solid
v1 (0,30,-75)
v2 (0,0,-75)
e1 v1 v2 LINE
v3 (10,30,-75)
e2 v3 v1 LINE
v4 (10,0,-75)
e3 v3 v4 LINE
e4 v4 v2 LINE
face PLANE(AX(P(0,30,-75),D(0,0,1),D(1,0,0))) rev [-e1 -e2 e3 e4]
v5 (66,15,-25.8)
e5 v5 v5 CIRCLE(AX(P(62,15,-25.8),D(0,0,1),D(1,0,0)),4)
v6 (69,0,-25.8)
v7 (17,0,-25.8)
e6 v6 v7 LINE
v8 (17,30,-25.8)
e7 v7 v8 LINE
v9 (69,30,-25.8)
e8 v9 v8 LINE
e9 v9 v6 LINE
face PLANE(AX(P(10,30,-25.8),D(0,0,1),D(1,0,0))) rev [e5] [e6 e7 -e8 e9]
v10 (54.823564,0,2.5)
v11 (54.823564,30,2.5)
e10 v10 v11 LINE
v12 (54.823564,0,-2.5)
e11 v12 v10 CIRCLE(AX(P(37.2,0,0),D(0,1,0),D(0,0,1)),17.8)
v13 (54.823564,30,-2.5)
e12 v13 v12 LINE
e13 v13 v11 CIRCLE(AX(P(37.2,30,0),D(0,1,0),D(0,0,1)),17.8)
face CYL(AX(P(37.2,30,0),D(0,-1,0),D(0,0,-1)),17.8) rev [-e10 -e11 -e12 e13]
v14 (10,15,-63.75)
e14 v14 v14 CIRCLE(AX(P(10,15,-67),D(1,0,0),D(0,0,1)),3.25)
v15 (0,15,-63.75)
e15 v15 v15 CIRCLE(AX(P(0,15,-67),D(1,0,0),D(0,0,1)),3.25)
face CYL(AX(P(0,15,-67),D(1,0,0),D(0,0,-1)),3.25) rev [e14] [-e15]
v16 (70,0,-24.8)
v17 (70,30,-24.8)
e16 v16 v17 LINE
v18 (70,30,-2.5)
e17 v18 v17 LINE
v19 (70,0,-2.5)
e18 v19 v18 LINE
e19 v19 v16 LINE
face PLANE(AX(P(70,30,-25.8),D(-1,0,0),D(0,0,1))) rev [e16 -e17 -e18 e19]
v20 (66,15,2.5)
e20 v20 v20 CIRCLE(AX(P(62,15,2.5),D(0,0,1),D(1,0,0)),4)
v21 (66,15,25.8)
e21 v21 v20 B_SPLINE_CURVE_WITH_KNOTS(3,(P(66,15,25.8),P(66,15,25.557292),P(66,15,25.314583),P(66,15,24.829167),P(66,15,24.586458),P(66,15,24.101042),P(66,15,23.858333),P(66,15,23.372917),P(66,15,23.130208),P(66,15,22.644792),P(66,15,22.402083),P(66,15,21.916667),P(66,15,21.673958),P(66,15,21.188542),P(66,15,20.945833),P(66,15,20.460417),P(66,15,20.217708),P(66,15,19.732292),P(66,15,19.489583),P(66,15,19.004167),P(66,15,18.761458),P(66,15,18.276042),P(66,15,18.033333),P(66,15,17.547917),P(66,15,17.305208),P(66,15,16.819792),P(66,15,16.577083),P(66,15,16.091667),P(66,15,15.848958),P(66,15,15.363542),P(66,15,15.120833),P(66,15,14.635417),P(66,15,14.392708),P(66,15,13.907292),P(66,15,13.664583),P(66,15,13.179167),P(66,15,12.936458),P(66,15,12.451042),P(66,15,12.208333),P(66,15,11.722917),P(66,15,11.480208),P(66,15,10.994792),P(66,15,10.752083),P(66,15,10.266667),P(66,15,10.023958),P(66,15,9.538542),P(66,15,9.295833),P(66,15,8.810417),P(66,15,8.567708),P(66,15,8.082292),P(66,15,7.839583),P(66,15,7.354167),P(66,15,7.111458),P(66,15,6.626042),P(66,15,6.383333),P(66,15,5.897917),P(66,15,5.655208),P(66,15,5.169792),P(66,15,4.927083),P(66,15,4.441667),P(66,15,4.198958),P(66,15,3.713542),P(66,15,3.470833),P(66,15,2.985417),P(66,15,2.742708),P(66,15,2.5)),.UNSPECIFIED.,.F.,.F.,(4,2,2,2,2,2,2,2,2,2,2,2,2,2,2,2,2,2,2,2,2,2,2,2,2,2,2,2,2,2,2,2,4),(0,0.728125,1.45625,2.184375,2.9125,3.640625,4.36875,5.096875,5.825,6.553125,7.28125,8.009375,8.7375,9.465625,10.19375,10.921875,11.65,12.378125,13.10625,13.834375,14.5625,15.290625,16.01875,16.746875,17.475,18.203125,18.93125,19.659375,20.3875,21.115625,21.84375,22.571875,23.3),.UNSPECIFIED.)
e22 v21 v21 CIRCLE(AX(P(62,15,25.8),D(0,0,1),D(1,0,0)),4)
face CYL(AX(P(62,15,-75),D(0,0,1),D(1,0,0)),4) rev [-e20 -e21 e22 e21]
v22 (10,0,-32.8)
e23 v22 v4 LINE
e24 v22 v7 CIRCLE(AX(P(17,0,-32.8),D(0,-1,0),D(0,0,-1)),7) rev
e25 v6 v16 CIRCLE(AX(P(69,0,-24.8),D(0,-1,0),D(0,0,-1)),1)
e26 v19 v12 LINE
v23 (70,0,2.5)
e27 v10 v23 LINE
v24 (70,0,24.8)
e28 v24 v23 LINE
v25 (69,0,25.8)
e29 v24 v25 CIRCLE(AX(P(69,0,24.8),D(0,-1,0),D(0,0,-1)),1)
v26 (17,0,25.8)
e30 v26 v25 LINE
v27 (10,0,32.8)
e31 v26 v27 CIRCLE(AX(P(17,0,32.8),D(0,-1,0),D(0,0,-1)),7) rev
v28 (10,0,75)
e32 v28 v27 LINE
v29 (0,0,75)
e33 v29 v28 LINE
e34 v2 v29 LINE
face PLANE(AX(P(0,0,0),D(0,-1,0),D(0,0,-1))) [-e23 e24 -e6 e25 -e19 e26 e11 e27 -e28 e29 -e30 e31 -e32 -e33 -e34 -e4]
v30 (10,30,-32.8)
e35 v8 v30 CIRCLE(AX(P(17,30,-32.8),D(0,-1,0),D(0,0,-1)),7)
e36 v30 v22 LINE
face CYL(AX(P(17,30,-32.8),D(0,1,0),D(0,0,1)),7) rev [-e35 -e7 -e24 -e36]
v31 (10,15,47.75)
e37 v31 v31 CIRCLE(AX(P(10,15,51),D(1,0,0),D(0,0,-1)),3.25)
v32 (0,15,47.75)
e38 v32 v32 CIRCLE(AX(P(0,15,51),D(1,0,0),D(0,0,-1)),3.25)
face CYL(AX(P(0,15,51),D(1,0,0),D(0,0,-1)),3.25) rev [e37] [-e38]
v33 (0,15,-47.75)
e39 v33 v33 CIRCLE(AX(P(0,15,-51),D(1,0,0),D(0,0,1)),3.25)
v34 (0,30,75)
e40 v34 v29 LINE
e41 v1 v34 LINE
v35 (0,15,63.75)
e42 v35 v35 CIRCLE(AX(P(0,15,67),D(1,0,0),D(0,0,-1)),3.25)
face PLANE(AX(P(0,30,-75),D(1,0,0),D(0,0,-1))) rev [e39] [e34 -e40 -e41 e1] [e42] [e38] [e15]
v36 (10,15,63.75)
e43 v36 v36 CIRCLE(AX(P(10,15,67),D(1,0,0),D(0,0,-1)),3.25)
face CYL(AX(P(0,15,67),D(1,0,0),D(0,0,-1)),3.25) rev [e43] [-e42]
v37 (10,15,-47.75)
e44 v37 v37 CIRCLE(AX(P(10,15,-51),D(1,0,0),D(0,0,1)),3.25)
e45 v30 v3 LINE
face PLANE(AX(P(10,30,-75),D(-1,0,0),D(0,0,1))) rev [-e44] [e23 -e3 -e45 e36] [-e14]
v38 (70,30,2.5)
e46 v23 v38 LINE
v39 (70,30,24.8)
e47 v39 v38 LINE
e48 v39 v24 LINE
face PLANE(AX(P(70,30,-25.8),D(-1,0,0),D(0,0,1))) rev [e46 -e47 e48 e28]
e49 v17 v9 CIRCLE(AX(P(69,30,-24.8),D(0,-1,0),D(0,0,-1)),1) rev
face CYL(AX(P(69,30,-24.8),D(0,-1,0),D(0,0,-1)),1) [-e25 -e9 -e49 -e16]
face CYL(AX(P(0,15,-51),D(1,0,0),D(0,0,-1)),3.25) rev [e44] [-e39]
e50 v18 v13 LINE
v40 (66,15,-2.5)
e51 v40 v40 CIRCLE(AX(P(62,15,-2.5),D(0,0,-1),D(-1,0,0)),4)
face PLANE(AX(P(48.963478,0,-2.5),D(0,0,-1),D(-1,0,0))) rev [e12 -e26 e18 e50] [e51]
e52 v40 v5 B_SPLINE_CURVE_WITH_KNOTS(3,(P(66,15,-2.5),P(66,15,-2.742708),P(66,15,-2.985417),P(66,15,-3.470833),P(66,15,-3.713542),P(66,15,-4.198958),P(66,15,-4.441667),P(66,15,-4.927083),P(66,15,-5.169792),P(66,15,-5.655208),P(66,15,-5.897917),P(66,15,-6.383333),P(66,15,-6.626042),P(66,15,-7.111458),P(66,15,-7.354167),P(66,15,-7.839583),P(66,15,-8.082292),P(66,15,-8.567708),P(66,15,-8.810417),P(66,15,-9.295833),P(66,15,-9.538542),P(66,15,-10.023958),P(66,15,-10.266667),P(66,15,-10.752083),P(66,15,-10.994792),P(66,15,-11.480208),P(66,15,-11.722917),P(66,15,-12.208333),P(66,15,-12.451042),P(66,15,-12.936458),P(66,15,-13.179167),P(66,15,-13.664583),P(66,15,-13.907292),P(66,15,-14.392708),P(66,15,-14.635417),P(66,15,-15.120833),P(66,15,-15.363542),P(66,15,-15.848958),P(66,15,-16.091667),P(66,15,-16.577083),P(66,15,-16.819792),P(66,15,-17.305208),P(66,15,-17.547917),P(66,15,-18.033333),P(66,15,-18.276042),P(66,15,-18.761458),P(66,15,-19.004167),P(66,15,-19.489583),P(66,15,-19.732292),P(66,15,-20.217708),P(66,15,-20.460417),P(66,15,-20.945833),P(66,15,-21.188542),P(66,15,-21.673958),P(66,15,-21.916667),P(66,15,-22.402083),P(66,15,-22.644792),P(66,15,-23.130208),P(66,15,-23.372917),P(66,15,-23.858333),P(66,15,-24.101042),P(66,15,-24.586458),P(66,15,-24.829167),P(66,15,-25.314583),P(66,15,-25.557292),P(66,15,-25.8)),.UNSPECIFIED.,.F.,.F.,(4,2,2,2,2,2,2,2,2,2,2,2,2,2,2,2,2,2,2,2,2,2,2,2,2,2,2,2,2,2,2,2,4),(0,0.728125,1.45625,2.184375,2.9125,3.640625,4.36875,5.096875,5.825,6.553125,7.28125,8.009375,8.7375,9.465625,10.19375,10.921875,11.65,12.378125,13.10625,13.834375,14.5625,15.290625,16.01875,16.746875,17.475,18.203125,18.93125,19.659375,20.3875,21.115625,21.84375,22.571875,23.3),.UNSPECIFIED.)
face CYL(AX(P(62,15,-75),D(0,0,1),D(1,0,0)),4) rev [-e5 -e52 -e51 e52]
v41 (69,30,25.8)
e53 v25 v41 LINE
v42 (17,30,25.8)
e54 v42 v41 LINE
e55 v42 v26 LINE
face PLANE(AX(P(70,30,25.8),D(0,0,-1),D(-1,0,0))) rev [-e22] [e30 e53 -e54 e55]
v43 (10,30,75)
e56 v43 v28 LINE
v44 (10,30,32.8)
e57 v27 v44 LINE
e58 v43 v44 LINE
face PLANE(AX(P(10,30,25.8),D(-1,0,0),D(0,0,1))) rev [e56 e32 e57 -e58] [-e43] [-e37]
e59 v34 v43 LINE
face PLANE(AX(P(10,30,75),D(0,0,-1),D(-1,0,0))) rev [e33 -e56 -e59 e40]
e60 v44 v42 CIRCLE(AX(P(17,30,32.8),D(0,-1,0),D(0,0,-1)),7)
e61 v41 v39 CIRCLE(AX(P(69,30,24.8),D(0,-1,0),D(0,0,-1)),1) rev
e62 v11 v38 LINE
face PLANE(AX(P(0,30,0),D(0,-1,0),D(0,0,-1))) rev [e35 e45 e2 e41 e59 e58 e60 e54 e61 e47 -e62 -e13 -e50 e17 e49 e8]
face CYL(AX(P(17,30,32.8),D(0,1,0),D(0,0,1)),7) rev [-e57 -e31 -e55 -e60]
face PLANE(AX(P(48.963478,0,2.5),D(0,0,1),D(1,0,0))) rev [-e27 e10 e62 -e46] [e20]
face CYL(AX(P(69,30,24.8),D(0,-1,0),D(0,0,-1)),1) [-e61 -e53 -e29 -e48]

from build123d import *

# Parameters (mm, degrees)
SKETCH4_R                        = 17.8
BOSS_EXTRUDE2_DEPTH              = 30
SKETCH6_W                        = 21.036522063
SKETCH6_H                        = 5
CUT_EXTRUDE3_DEPTH               = 107.887791632
SKETCH7_R                        = 4
KIRISTYSRUUVI_M8_DEPTH           = 127.335426544
SKETCH9_R                        = 3.25
PROFIILN_KIINNITYSREI_T_M6_DEPTH = 101.623058987
FILLET1_R                        = 7
FILLET2_R                        = 1


with BuildPart() as part:
    # Sketch4 → Boss-Extrude2 (new body)
    with BuildSketch(Plane(origin=(0, 0, 0), x_dir=(1, 0, 0), z_dir=(0, 1, 0))):
        Polygon((0, 75), (10, 75), (10, 25.8), (70, 25.8), (70, -25.8), (10, -25.8), (10, -75), (0, -75), align=None)
        with Locations(Location((37.2, 0, 0), (0, 0, 270))):
            Circle(SKETCH4_R, mode=Mode.SUBTRACT)
    extrude(amount=BOSS_EXTRUDE2_DEPTH)

    # Sketch6 → Cut-Extrude3 (cut, through all)
    with BuildSketch(Plane(origin=(0, 30, 0), x_dir=(1, 0, 0), z_dir=(0, 1, 0))):
        with Locations((59.481738968, 0)):
            Rectangle(SKETCH6_W, SKETCH6_H)
    extrude(amount=-CUT_EXTRUDE3_DEPTH, mode=Mode.SUBTRACT)

    # Sketch7 → Kiristysruuvi M8 (cut, through all)
    with BuildSketch(Plane.XY.offset(25.8)):
        with Locations((62, 15)):
            Circle(SKETCH7_R)
    extrude(amount=-KIRISTYSRUUVI_M8_DEPTH, mode=Mode.SUBTRACT)

    # Sketch9 → Profiiln kiinnitysreiät M6 (cut, through all)
    with BuildSketch(Plane(origin=(10, 0, 0), x_dir=(0, 0, -1), z_dir=(1, 0, 0))):
        with Locations((-67, 15)):
            Circle(SKETCH9_R)
        with Locations((-51, 15)):
            Circle(SKETCH9_R)
        with Locations(Location((67, 15, 0), (0, 0, 180))):
            Circle(SKETCH9_R)
        with Locations(Location((51, 15, 0), (0, 0, 180))):
            Circle(SKETCH9_R)
    extrude(amount=-PROFIILN_KIINNITYSREI_T_M6_DEPTH, mode=Mode.SUBTRACT)

    # Fillet1
    fillet1_edges = [part.edges().sort_by_distance(p)[0] for p in [
        (10, 15, -25.8),
        (10, 15, 25.8),
    ]]
    fillet(fillet1_edges, radius=FILLET1_R)

    # Fillet2
    fillet2_edges = [part.edges().sort_by_distance(p)[0] for p in [
        (70, 15, -25.8),
        (70, 15, 25.8),
    ]]
    fillet(fillet2_edges, radius=FILLET2_R)


solid = part.part
